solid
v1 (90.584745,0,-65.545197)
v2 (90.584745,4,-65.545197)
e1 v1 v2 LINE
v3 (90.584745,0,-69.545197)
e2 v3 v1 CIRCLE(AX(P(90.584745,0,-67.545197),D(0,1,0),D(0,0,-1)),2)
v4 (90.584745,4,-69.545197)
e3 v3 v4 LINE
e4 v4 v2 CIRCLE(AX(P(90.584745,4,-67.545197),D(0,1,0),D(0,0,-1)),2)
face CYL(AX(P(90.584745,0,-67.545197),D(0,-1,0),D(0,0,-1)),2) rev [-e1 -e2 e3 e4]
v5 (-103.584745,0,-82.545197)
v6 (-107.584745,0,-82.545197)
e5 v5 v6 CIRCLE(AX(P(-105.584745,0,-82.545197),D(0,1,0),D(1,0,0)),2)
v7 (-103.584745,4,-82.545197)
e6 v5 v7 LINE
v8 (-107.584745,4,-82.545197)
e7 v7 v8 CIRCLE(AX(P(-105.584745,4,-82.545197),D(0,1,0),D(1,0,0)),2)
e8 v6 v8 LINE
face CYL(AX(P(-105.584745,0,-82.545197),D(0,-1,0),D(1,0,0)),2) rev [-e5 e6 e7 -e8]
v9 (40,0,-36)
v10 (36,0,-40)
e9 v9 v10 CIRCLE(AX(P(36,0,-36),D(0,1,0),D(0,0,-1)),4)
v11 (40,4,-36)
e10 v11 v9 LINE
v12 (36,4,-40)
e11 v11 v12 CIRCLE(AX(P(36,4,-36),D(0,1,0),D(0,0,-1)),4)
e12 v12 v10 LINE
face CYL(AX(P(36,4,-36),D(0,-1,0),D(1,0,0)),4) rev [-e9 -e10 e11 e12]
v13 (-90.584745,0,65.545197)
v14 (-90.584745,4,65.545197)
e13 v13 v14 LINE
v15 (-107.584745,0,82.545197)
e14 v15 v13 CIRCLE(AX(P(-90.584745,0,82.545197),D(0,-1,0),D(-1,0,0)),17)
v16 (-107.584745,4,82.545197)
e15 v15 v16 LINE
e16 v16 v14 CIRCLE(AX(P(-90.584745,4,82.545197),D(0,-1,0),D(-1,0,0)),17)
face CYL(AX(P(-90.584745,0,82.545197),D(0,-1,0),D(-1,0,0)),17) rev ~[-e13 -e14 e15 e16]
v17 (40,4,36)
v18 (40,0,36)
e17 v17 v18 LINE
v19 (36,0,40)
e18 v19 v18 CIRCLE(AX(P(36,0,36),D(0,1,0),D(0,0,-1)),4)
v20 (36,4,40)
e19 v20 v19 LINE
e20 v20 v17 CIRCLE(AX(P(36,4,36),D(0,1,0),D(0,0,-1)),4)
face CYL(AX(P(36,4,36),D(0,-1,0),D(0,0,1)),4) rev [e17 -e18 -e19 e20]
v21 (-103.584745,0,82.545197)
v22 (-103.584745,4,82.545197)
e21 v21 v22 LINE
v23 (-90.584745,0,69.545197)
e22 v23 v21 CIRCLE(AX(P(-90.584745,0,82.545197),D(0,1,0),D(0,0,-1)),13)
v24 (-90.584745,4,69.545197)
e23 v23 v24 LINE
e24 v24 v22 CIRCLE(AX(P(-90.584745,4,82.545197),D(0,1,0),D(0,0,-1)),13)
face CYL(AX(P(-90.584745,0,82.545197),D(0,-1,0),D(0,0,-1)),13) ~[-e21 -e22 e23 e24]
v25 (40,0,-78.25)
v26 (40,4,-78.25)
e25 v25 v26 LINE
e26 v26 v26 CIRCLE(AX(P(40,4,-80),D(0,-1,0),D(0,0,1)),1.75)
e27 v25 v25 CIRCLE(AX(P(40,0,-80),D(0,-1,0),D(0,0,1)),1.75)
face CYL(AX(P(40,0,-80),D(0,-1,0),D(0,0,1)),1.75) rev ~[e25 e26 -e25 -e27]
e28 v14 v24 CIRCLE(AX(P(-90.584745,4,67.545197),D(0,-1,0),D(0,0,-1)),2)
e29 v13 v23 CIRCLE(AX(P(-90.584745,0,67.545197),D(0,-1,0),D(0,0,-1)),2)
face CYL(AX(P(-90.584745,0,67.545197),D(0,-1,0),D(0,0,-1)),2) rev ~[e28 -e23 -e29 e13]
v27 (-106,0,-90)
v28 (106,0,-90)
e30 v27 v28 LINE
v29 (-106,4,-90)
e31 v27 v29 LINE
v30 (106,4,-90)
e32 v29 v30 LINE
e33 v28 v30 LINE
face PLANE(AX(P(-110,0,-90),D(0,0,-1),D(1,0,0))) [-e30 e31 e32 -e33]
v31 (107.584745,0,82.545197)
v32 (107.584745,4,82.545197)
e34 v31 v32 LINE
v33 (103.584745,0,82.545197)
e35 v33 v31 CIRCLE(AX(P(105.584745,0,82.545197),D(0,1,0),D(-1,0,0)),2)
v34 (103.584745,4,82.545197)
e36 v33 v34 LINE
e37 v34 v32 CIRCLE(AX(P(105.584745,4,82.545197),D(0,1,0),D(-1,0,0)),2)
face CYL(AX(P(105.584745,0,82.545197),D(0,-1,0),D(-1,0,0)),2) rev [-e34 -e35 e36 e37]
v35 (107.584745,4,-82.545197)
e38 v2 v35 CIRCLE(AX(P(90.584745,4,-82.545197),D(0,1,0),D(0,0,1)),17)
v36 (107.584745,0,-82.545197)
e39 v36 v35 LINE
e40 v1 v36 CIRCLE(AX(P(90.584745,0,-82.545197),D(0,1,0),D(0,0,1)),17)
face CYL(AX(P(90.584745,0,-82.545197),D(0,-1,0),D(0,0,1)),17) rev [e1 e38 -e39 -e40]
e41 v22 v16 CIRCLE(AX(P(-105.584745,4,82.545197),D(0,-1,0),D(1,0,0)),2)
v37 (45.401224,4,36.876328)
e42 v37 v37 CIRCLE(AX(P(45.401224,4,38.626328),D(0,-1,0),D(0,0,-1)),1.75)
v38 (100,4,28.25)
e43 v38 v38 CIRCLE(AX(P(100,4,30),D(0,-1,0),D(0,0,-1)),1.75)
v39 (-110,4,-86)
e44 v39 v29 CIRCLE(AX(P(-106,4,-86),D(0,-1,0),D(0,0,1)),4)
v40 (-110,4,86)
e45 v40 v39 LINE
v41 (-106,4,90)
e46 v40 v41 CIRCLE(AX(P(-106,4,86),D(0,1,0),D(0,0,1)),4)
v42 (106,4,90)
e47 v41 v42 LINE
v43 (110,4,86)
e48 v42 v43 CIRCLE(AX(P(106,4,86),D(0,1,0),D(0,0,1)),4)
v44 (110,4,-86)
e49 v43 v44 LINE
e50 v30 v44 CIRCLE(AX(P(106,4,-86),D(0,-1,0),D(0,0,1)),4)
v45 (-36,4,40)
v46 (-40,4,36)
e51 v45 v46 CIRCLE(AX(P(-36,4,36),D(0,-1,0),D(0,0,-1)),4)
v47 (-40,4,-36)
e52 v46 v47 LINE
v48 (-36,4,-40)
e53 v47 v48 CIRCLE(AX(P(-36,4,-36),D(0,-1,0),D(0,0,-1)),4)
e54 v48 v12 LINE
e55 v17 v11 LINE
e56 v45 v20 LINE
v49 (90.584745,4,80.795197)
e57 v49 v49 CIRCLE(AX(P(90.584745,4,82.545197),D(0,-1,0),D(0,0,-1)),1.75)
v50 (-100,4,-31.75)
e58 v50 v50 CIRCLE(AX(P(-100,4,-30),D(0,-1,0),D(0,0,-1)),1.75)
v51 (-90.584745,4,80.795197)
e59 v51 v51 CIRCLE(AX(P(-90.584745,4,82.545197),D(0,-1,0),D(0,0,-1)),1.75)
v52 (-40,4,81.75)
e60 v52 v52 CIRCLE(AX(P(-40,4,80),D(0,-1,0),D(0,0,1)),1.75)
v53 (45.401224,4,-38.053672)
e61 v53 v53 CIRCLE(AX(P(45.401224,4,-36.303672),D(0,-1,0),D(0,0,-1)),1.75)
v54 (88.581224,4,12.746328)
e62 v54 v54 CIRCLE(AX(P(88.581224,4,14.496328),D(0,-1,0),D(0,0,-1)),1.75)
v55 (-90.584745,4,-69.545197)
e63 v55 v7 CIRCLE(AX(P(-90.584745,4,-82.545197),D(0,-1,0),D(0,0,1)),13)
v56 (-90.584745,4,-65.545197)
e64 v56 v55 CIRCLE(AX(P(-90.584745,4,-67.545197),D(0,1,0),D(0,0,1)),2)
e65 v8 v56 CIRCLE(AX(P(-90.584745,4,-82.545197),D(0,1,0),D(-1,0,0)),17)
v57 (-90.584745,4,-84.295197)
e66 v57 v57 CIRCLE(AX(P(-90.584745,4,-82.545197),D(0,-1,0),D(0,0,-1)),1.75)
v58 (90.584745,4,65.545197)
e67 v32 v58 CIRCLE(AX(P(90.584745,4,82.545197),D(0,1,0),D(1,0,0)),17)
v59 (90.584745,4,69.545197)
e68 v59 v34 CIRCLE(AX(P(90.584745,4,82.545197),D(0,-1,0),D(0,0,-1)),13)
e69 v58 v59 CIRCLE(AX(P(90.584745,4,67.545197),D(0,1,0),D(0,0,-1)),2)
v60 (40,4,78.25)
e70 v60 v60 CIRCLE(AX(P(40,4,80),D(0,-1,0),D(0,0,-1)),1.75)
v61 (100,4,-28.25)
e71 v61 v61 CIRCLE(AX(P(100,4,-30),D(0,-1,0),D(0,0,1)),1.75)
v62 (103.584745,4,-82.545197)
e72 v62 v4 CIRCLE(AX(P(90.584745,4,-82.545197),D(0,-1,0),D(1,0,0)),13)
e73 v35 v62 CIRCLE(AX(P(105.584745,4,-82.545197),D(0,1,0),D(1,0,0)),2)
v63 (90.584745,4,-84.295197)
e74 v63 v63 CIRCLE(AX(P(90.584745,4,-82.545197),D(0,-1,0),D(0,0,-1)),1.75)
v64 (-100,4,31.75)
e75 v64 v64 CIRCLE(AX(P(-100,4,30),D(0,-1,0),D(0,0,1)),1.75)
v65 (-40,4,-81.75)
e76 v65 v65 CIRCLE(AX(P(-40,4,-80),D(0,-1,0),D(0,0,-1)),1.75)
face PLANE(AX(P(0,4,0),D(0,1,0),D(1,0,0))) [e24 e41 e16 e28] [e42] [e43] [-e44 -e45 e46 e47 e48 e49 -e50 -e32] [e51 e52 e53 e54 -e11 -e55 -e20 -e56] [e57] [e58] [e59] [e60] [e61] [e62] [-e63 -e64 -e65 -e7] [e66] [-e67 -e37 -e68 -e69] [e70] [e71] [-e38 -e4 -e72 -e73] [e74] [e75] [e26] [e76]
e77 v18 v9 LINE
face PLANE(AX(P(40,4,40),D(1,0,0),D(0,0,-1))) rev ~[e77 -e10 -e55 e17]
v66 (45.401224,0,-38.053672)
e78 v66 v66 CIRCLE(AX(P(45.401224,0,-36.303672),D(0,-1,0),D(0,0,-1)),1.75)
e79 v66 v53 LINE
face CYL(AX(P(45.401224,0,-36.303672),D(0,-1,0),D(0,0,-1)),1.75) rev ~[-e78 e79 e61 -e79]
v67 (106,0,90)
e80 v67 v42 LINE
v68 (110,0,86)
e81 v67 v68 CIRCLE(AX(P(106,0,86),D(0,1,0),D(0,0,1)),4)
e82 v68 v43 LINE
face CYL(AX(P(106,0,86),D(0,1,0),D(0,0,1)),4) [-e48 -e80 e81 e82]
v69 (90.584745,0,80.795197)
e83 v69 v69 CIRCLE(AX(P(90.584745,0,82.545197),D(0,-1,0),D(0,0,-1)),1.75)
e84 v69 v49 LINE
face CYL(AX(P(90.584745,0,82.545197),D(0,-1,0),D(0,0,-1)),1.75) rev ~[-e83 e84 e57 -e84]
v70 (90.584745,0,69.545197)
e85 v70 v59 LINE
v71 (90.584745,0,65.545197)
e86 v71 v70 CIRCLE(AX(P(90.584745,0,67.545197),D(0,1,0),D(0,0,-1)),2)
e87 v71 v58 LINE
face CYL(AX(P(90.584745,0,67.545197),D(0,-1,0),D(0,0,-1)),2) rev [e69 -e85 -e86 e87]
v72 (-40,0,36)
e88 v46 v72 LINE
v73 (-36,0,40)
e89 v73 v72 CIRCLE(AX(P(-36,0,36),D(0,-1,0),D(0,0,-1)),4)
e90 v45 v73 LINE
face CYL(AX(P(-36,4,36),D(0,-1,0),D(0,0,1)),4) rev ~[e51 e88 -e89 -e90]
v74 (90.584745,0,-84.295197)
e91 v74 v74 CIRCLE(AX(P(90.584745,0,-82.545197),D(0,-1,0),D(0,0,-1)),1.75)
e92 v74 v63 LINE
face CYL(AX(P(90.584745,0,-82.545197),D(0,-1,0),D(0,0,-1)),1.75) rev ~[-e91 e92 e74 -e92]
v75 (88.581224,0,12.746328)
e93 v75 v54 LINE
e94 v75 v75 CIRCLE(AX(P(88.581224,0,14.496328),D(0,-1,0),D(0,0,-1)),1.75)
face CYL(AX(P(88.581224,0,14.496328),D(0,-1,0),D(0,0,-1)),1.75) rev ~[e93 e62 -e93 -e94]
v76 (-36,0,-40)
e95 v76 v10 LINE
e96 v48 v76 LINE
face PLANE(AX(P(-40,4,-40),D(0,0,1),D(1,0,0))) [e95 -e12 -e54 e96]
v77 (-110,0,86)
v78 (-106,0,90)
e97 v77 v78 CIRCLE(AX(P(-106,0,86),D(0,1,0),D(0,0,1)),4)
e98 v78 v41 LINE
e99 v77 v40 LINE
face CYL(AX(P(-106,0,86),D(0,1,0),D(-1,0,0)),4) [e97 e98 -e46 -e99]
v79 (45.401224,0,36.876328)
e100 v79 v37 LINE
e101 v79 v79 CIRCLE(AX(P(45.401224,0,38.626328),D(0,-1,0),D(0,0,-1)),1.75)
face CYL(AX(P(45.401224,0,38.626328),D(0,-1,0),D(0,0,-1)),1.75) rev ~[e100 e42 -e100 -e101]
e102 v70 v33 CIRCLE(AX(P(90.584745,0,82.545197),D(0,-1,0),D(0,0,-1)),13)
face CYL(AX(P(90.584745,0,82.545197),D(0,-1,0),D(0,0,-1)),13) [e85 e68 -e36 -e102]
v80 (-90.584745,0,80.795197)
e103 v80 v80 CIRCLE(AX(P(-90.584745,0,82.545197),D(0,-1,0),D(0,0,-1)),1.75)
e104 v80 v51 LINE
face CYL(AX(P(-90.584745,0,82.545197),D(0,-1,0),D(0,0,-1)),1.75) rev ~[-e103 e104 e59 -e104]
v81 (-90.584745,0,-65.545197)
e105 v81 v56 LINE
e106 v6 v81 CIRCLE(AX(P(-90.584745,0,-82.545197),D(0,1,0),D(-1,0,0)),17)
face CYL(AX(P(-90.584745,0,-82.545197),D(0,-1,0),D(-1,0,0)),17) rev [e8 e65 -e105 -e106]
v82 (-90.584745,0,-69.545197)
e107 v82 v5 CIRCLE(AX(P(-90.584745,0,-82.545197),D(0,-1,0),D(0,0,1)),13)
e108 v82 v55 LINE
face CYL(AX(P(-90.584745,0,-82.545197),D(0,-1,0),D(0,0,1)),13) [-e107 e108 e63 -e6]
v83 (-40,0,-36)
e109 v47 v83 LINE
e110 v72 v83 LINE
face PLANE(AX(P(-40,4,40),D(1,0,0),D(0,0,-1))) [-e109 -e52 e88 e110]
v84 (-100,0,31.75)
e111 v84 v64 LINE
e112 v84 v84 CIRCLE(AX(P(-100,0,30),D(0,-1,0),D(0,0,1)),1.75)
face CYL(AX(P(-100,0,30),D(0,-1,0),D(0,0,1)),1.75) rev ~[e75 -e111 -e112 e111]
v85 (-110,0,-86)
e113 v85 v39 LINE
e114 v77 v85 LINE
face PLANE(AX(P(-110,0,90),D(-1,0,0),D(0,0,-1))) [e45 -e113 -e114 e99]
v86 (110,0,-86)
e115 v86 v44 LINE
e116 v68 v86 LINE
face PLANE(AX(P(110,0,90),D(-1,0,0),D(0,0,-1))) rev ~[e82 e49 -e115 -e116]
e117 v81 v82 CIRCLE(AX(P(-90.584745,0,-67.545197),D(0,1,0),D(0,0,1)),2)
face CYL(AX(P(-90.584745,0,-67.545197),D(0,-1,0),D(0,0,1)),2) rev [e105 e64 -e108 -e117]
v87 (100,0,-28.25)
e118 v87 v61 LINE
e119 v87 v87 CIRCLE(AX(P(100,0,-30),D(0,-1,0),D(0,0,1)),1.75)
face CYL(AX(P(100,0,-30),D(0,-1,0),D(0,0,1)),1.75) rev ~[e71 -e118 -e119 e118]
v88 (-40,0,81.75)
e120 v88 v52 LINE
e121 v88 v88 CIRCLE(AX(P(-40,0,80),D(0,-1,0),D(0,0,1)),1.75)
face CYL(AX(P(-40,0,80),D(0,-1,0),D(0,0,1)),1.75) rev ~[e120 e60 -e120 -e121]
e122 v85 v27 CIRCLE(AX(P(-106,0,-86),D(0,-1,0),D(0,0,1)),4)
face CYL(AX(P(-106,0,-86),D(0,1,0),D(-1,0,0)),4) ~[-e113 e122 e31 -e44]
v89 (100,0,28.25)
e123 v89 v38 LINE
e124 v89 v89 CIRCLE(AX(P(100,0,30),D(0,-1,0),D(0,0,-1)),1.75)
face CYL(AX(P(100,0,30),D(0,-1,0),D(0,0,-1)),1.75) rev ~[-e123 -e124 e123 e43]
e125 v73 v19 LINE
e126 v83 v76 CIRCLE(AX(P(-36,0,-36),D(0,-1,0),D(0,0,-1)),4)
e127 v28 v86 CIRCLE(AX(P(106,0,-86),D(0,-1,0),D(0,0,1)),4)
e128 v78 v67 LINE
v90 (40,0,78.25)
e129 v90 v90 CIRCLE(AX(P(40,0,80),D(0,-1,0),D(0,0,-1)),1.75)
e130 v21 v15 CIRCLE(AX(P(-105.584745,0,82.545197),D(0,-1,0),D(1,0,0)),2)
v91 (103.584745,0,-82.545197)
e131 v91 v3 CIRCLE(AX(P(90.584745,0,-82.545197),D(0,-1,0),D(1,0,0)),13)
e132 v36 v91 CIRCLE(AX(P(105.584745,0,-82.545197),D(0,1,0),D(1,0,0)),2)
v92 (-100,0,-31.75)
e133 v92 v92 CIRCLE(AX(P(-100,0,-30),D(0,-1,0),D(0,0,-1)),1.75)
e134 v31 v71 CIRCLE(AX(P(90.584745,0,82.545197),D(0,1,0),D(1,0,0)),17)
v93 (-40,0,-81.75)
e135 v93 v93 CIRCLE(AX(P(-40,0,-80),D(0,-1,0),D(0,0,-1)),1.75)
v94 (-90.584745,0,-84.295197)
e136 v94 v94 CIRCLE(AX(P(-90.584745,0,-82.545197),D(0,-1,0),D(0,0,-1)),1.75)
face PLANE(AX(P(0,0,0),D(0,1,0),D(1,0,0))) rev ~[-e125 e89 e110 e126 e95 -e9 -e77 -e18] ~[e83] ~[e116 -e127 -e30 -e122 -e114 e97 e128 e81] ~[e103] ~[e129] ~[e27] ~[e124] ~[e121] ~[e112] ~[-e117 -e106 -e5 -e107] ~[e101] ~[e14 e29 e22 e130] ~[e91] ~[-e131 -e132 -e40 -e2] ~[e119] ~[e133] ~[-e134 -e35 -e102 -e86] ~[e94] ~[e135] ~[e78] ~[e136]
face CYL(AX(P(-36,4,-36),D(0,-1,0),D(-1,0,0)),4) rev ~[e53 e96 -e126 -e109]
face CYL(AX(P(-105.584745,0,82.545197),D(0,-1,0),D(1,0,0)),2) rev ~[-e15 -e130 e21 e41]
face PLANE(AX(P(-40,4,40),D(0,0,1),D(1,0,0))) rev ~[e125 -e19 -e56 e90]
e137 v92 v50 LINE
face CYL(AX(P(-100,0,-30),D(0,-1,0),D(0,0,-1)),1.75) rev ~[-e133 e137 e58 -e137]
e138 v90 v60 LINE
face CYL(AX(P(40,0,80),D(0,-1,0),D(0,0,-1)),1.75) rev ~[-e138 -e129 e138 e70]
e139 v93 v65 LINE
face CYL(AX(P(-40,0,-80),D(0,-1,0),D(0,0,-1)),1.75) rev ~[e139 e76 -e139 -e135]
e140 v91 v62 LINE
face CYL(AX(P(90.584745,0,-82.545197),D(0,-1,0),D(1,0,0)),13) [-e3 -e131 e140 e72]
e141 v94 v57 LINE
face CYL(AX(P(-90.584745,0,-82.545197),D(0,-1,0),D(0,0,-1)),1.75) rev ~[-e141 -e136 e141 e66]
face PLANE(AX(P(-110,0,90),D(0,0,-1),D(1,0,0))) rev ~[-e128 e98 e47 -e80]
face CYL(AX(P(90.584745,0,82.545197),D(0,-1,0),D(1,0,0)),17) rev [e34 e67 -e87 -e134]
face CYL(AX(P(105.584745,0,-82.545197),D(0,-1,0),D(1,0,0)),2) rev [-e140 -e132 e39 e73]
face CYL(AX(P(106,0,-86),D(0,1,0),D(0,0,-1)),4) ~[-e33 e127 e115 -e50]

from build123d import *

# Parameters (mm, degrees)
SKETCH_1_W          = 220
SKETCH_1_H          = 180
EXTRUDE_1_DEPTH     = 4
SKETCH_2_W          = 80
SKETCH_2_H          = 80
CUT_EXTRUDE_1_DEPTH = 4
SKETCH_3_R          = 1.75
CUT_EXTRUDE_2_DEPTH = 4
SKETCH_5_R          = 1.75
CUT_EXTRUDE_3_DEPTH = 4
SKETCH_6_R          = 1.75
CUT_EXTRUDE_4_DEPTH = 4
FILLET_1_R          = 4
FILLET_2_R          = 4


with BuildPart() as part:
    # 草图1 → 凸台-拉伸1 (new body)
    with BuildSketch(Plane(origin=(0, 0, 0), x_dir=(1, 0, 0), z_dir=(0, 1, 0))):
        Rectangle(SKETCH_1_W, SKETCH_1_H)
    extrude(amount=EXTRUDE_1_DEPTH)

    # 草图2 → 切除-拉伸1 (cut)
    with BuildSketch(Plane(origin=(0, 4, 0), x_dir=(1, 0, 0), z_dir=(0, 1, 0))):
        Rectangle(SKETCH_2_W, SKETCH_2_H)
    extrude(amount=-CUT_EXTRUDE_1_DEPTH, mode=Mode.SUBTRACT)

    # 草图3 → 切除-拉伸2 (cut)
    with BuildSketch(Plane(origin=(0, 0, 0), x_dir=(-1, 0, 0), z_dir=(0, -1, 0))):
        with BuildLine():
            ThreePointArc((90.584745347, 69.545196968), (99.777133502, 73.352808813), (103.584745347, 82.545196968))
            ThreePointArc((103.584745347, 82.545196968), (105.584745347, 84.545196968), (107.584745347, 82.545196968))
            ThreePointArc((107.584745347, 82.545196968), (102.605560627, 70.524381688), (90.584745347, 65.545196968))
            ThreePointArc((90.584745347, 65.545196968), (88.584745347, 67.545196968), (90.584745347, 69.545196968))
        make_face()
        with Locations(Location((90.584745347, 82.545196968, 0), (0, 0, 90))):
            Circle(SKETCH_3_R)
        with BuildLine():
            ThreePointArc((-90.584745347, -69.545196968), (-99.777133502, -73.352808813), (-103.584745347, -82.545196968))
            ThreePointArc((-103.584745347, -82.545196968), (-105.584745347, -84.545196968), (-107.584745347, -82.545196968))
            ThreePointArc((-107.584745347, -82.545196968), (-102.605560627, -70.524381688), (-90.584745347, -65.545196968))
            ThreePointArc((-90.584745347, -65.545196968), (-88.584745347, -67.545196968), (-90.584745347, -69.545196968))
        make_face()
        with Locations(Location((-90.584745347, -82.545196968, 0), (0, 0, 90))):
            Circle(SKETCH_3_R)
        with BuildLine():
            ThreePointArc((-90.584745347, 65.545196968), (-102.605560627, 70.524381688), (-107.584745347, 82.545196968))
            ThreePointArc((-107.584745347, 82.545196968), (-105.584745347, 84.545196968), (-103.584745347, 82.545196968))
            ThreePointArc((-103.584745347, 82.545196968), (-99.777133502, 73.352808813), (-90.584745347, 69.545196968))
            ThreePointArc((-90.584745347, 69.545196968), (-88.584745347, 67.545196968), (-90.584745347, 65.545196968))
        make_face()
        with Locations(Location((-90.584745347, 82.545196968, 0), (0, 0, 90))):
            Circle(SKETCH_3_R)
        with BuildLine():
            ThreePointArc((90.584745347, -69.545196968), (99.777133502, -73.352808813), (103.584745347, -82.545196968))
            ThreePointArc((103.584745347, -82.545196968), (105.584745347, -84.545196968), (107.584745347, -82.545196968))
            ThreePointArc((107.584745347, -82.545196968), (102.605560627, -70.524381688), (90.584745347, -65.545196968))
            ThreePointArc((90.584745347, -65.545196968), (88.584745347, -67.545196968), (90.584745347, -69.545196968))
        make_face()
        with Locations(Location((90.584745347, -82.545196968, 0), (0, 0, 90))):
            Circle(SKETCH_3_R)
    extrude(amount=-CUT_EXTRUDE_2_DEPTH, mode=Mode.SUBTRACT)

    # 草图5 → 切除-拉伸3 (cut)
    with BuildSketch(Plane.XZ):
        with Locations(Location((45.401224127, 38.626328315, 0), (0, 0, 270))):
            Circle(SKETCH_5_R)
        with Locations(Location((88.581224127, 14.496328315, 0), (0, 0, 270))):
            Circle(SKETCH_5_R)
        with Locations(Location((45.401224127, -36.303671685, 0), (0, 0, 270))):
            Circle(SKETCH_5_R)
    extrude(amount=-CUT_EXTRUDE_3_DEPTH, mode=Mode.SUBTRACT)

    # 草图6 → 切除-拉伸4 (cut)
    with BuildSketch(Plane.XZ):
        with Locations(Location((-40, -80, 0), (0, 0, 270))):
            Circle(SKETCH_6_R)
        with Locations(Location((-100, -30, 0), (0, 0, 270))):
            Circle(SKETCH_6_R)
        with Locations(Location((40, -80, 0), (0, 0, 90))):
            Circle(SKETCH_6_R)
        with Locations(Location((100, -30, 0), (0, 0, 90))):
            Circle(SKETCH_6_R)
        with Locations(Location((100, 30, 0), (0, 0, 270))):
            Circle(SKETCH_6_R)
        with Locations(Location((40, 80, 0), (0, 0, 270))):
            Circle(SKETCH_6_R)
        with Locations(Location((-40, 80, 0), (0, 0, 90))):
            Circle(SKETCH_6_R)
        with Locations(Location((-100, 30, 0), (0, 0, 90))):
            Circle(SKETCH_6_R)
    extrude(amount=-CUT_EXTRUDE_4_DEPTH, mode=Mode.SUBTRACT)

    # 圆角1
    fillet_1_edges = [part.edges().sort_by_distance(p)[0] for p in [
        (110, 2, 90),
        (-110, 2, 90),
        (-110, 2, -90),
        (110, 2, -90),
    ]]
    fillet(fillet_1_edges, radius=FILLET_1_R)

    # 圆角2
    fillet_2_edges = [part.edges().sort_by_distance(p)[0] for p in [
        (-40, 2, -40),
        (40, 2, -40),
        (40, 2, 40),
        (-40, 2, 40),
    ]]
    fillet(fillet_2_edges, radius=FILLET_2_R)


solid = part.part
